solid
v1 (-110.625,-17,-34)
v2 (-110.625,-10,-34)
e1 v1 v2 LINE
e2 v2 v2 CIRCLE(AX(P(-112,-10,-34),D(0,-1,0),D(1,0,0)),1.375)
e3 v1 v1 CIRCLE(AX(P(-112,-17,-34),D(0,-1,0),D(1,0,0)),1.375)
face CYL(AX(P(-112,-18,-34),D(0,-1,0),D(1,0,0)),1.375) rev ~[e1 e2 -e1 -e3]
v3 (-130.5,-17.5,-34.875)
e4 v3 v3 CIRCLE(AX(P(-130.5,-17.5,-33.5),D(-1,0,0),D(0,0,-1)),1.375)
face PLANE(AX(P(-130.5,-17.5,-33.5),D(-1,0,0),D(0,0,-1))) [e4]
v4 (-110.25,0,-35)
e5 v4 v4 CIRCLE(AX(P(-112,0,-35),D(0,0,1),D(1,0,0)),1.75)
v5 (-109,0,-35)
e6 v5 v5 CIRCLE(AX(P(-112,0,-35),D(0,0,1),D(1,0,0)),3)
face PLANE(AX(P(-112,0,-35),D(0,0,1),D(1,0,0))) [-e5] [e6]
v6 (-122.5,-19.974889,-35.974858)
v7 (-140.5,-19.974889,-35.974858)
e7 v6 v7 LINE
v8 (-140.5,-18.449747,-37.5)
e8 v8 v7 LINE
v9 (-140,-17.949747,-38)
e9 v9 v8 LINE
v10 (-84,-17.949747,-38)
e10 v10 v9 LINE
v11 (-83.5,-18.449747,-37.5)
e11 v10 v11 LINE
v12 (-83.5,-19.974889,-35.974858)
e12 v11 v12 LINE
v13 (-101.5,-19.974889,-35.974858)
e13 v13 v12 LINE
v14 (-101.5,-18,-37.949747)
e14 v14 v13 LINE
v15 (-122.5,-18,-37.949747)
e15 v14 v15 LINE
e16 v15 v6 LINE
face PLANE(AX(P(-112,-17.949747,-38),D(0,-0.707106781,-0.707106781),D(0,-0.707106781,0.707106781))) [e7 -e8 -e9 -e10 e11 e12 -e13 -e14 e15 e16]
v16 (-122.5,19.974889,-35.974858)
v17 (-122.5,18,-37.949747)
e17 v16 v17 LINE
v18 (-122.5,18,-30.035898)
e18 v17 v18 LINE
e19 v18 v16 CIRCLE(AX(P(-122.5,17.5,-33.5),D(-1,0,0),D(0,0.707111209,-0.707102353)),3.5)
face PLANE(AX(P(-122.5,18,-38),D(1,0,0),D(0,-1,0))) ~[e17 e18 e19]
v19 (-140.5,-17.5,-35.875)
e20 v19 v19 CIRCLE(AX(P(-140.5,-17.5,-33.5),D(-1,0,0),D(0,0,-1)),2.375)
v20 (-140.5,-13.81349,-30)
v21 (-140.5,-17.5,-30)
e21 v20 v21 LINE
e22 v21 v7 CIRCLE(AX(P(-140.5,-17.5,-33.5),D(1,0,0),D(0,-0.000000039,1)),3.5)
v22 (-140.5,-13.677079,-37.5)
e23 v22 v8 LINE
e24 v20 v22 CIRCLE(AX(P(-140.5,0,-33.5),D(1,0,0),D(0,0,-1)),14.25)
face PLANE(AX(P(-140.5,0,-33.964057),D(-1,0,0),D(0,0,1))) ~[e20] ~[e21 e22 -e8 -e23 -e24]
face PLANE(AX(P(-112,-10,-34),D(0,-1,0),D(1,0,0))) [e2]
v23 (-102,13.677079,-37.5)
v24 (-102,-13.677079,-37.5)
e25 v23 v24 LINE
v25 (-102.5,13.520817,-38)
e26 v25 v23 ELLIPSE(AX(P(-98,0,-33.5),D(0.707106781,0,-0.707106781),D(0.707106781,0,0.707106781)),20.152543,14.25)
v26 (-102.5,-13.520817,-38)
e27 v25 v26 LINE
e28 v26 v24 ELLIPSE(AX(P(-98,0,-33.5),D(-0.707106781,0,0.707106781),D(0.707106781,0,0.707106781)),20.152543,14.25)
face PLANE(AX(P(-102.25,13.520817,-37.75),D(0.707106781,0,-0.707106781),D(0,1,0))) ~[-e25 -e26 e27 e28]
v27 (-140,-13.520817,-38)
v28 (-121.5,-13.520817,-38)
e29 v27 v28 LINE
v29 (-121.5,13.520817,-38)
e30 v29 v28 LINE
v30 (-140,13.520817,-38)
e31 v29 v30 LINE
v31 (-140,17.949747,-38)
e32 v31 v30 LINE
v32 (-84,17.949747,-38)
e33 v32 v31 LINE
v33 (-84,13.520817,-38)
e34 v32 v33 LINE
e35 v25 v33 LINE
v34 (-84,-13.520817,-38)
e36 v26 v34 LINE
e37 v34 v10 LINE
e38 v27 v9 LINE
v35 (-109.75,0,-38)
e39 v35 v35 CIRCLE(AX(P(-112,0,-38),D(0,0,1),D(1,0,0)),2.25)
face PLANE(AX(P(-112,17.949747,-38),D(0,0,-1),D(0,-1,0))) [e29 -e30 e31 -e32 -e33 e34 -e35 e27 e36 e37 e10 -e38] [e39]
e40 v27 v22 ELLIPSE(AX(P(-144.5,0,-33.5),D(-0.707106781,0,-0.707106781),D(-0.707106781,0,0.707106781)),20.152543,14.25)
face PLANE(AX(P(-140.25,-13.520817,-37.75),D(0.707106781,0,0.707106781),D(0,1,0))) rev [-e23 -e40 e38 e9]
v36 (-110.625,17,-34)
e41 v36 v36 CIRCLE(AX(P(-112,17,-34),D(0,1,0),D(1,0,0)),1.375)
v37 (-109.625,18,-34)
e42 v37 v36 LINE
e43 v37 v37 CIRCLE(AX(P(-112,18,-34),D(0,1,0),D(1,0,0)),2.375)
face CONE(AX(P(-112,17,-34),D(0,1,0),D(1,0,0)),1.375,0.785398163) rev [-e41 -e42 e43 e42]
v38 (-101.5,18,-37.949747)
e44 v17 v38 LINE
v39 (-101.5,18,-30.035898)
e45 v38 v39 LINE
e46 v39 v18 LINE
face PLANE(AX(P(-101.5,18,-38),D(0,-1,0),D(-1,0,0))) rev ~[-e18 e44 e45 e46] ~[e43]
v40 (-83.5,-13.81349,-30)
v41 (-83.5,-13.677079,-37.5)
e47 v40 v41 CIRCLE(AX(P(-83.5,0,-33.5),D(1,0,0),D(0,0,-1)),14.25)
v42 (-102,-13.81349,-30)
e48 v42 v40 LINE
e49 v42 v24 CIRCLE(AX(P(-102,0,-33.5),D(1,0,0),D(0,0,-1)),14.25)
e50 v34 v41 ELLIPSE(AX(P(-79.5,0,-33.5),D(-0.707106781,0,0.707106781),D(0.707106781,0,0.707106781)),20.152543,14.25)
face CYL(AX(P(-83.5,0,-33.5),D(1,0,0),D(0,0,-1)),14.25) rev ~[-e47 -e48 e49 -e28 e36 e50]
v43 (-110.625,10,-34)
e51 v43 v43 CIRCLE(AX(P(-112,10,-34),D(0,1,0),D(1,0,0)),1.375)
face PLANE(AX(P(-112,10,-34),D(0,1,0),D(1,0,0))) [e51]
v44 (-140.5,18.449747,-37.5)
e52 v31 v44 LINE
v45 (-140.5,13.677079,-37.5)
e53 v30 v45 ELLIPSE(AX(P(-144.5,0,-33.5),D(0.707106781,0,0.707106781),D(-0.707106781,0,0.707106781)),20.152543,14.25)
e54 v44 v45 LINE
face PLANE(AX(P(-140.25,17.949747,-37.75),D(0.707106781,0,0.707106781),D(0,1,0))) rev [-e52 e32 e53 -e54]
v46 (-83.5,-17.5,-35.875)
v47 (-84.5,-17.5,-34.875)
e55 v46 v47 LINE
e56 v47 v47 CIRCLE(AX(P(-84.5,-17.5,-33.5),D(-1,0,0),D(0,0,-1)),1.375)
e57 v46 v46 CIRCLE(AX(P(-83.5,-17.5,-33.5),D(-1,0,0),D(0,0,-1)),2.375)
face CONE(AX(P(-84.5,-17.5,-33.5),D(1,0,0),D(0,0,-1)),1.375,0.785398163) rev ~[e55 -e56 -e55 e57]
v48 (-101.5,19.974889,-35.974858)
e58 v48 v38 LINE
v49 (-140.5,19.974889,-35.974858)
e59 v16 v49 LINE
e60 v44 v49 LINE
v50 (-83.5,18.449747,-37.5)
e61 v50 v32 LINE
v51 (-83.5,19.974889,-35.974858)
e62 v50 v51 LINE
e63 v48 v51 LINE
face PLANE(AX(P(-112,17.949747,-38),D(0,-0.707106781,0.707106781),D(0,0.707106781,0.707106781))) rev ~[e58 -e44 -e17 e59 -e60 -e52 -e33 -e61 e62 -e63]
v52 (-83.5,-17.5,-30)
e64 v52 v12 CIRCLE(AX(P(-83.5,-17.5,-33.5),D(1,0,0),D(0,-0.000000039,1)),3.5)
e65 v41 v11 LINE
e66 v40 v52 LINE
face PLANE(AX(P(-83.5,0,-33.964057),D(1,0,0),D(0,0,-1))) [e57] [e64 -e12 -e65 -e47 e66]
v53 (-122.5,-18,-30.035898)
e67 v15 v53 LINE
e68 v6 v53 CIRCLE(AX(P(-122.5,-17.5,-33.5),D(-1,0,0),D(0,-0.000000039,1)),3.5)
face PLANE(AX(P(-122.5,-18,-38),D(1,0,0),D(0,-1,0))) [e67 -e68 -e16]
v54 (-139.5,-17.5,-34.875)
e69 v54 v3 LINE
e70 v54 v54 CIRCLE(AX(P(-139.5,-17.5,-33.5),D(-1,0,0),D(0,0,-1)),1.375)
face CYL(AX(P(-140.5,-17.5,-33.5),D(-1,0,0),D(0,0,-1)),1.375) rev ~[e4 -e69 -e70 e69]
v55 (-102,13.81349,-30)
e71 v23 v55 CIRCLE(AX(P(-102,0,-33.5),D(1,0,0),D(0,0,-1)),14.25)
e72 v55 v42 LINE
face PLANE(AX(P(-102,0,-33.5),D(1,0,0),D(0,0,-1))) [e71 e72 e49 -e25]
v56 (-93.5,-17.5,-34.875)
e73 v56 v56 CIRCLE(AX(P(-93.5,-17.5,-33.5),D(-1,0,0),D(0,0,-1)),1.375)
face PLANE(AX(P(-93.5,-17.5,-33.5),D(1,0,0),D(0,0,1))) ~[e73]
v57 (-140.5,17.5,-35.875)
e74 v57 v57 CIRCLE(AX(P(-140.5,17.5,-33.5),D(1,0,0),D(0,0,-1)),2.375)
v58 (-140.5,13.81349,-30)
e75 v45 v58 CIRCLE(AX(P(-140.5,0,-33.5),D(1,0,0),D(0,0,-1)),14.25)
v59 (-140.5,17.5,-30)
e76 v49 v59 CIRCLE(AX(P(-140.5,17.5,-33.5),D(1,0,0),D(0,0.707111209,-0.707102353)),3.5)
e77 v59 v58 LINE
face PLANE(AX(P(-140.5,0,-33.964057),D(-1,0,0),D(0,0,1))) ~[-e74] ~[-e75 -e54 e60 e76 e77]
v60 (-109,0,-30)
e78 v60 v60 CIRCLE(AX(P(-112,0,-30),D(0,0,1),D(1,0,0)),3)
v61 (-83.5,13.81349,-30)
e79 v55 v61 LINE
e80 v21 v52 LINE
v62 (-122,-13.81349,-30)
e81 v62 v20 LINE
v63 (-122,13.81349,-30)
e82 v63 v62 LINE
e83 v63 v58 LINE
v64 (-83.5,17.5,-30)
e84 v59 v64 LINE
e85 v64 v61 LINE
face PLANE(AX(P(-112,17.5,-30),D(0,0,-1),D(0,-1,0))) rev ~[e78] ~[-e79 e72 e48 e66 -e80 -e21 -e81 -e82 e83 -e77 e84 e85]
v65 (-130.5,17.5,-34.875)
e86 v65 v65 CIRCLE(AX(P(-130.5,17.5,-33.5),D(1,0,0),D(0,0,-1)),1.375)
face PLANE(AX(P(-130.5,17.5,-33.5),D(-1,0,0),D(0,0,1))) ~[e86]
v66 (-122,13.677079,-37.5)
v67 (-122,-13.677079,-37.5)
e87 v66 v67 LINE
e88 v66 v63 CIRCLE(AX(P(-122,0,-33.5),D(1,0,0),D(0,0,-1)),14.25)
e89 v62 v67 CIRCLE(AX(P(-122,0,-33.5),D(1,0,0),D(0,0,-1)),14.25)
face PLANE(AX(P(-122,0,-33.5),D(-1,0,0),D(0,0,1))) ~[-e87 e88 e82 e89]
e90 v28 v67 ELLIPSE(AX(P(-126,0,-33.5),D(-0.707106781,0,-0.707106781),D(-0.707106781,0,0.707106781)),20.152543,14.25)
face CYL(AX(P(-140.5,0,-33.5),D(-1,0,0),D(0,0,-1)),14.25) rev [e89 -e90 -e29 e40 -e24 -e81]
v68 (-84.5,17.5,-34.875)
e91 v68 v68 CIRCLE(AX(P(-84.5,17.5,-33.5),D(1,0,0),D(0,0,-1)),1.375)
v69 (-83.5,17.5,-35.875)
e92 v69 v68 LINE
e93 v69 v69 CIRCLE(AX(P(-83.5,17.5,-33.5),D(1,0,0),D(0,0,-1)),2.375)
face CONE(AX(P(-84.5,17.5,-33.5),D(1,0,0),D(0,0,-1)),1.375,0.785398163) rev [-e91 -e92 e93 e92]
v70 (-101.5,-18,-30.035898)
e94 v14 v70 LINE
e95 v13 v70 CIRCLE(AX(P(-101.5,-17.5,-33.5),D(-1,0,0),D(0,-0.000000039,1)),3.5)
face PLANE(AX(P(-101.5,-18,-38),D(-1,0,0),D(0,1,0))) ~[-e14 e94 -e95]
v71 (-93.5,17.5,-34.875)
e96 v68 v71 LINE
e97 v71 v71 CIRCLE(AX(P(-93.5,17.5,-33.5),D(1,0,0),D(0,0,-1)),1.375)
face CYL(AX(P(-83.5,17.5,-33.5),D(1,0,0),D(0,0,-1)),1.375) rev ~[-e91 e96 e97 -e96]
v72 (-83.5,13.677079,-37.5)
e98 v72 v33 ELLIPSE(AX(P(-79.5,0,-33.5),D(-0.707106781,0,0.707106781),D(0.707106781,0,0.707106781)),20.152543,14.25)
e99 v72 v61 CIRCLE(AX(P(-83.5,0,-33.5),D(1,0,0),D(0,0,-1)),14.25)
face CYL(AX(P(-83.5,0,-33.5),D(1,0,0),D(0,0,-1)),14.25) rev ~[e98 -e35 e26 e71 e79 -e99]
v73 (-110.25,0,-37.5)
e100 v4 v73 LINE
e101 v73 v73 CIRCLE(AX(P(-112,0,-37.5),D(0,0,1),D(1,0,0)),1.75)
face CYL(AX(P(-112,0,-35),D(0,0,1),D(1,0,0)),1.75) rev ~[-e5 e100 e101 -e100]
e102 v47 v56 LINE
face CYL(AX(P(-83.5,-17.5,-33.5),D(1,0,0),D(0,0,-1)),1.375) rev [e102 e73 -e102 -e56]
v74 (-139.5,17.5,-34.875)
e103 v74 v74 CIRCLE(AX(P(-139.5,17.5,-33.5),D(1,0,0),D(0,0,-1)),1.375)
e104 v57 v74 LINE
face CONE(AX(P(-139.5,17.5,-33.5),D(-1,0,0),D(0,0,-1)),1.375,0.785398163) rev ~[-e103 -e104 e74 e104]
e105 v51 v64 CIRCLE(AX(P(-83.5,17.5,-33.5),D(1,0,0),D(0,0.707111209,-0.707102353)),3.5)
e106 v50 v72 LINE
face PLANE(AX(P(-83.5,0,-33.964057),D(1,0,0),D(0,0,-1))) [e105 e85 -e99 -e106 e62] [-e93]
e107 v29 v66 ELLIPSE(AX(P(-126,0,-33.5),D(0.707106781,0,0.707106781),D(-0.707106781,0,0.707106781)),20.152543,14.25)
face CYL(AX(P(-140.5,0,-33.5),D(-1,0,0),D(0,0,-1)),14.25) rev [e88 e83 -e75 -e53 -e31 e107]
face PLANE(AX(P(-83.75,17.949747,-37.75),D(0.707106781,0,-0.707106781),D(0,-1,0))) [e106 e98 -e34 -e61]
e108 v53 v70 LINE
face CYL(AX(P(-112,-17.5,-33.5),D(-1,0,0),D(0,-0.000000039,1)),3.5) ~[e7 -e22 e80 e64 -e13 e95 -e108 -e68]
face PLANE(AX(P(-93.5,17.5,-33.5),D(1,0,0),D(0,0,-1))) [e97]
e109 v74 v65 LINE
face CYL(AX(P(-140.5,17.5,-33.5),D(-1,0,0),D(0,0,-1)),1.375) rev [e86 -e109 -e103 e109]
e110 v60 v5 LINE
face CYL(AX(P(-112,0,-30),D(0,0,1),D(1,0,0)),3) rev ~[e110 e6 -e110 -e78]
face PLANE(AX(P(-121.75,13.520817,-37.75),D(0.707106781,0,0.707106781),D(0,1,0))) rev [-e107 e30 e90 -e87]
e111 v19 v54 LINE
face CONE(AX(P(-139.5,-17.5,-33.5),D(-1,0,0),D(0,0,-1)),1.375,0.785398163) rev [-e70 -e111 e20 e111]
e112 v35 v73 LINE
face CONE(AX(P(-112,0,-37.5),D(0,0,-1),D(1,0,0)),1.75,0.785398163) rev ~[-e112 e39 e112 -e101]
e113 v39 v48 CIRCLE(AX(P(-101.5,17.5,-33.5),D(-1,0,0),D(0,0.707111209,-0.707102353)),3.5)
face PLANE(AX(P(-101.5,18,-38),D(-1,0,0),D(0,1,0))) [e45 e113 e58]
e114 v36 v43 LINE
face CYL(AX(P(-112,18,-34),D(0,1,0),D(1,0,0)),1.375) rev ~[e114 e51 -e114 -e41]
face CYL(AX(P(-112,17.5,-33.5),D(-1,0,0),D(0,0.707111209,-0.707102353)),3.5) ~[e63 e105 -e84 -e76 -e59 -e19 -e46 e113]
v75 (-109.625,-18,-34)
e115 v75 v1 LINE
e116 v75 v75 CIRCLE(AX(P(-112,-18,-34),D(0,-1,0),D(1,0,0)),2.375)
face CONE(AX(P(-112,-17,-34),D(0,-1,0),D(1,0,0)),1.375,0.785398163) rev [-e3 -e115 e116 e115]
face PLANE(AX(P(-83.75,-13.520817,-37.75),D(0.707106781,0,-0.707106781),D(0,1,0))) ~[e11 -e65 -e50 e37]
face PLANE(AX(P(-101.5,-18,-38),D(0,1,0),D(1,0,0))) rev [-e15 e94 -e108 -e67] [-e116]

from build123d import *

# Parameters (mm, degrees)
PAD001_DEPTH        = 28.5
SKETCH002_R         = 14.25
POCKET_DEPTH        = 18.5
SKETCH003_R         = 1.375
POCKET001_DEPTH     = 10
CHAMFER_SIZE        = 1
SKETCH004_W         = 10.5
SKETCH004_H         = 4
POCKET002_DEPTH     = 10
SKETCH008_R         = 3
POCKET004_DEPTH     = 5
SKETCH009_R         = 1.75
POCKET005_DEPTH     = 5
CHAMFER004_SIZE     = 0.5
SKETCH012_R         = 1.375
POCKET008_DEPTH     = 8
SKETCH013_R         = 1.375
POCKET009_DEPTH     = 8
CHAMFER005_SIZE     = 1
CLONE002_ROLL_ANGLE = -90


with BuildPart() as motorbracketgroovemirrored001:
    # Sketch001 → Pad001 (new body)
    with BuildSketch(Plane.YZ):
        with BuildLine():
            ThreePointArc((2.474858, 19.974889), (-1.339402, 20.733574), (-3.5, 17.5))
            Line((-3.5, 17.5), (-3.5, -17.5))
            ThreePointArc((-3.5, -17.5), (-1.339402, -20.733574), (2.474858, -19.974889))
            Line((4.5, -17.949747), (2.474858, -19.974889))
            Line((4.5, 17.949747), (4.5, -17.949747))
            Line((4.5, 17.949747), (2.474858, 19.974889))
        make_face()
    extrude(amount=PAD001_DEPTH)

    # Sketch002 → Pocket (cut)
    with BuildSketch(Plane.YZ.offset(28.5)):
        Circle(SKETCH002_R)
    extrude(amount=-POCKET_DEPTH, mode=Mode.SUBTRACT)

    # Sketch003 → Pocket001 (cut)
    with BuildSketch(Plane.YZ.offset(28.5)):
        with Locations((0, 17.5)):
            Circle(SKETCH003_R)
    pocket001 = extrude(amount=-POCKET001_DEPTH, mode=Mode.SUBTRACT)

    # Mirrored: Pocket001 across Sketch003 H_Axis
    add(pocket001.mirror(Plane(origin=(28.5, 0, 0), x_dir=(1, 0, 0), z_dir=(0, 0, 1))), mode=Mode.SUBTRACT)

    # Chamfer
    chamfer_edges = [motorbracketgroovemirrored001.edges().sort_by_distance(p)[0] for p in [
        (28.5, -1.375, 17.5),
        (28.5, -1.375, -17.5),
    ]]
    chamfer(chamfer_edges, length=CHAMFER_SIZE)

    # Sketch004 → Pocket002 (cut)
    with BuildSketch(Plane(origin=(0, 4.5, 0), x_dir=(-1, 0, 0), z_dir=(0, 1, 0))):
        with Locations((-5.25, 20)):
            Rectangle(SKETCH004_W, SKETCH004_H)
    pocket002 = extrude(amount=-POCKET002_DEPTH, mode=Mode.SUBTRACT)

    # Mirrored001: Pocket002 across Sketch004 H_Axis
    add(pocket002.mirror(Plane(origin=(0, 4.5, 0), x_dir=(0, 1, 0), z_dir=(0, 0, 1))), mode=Mode.SUBTRACT)


with BuildPart() as clone002:
    # Part__Mirroring: instance of MotorBracketGrooveMirrored001
    add(motorbracketgroovemirrored001.part.mirror(Plane(origin=(0, 0, 0), x_dir=(0, -1, 0), z_dir=(1, 0, 0))))

    # Fusion001: union MotorBracketGrooveMirrored001
    add(motorbracketgroovemirrored001.part)

    # Sketch008 → Pocket004 (cut)
    with BuildSketch(Plane.XZ.offset(3.5)):
        Circle(SKETCH008_R)
    extrude(amount=-POCKET004_DEPTH, mode=Mode.SUBTRACT)

    # Sketch009 → Pocket005 (cut)
    with BuildSketch(Plane.XZ.offset(-1.5)):
        Circle(SKETCH009_R)
    extrude(amount=-POCKET005_DEPTH, mode=Mode.SUBTRACT)

    # Chamfer004
    chamfer004_edges = [clone002.edges().sort_by_distance(p)[0] for p in [
        (10, 4.5, 0),
        (0, 4.5, 1.75),
        (-10, 4.5, 0),
        (-28.5, 4.5, -15.735282),
        (-28.5, 4.5, 15.735282),
        (28.5, 4.5, -15.735282),
        (28.5, 4.5, 15.735282),
    ]]
    chamfer(chamfer004_edges, length=CHAMFER004_SIZE)

    # Sketch012 → Pocket008 (cut)
    with BuildSketch(Plane.XY.offset(18)):
        with Locations((0, 0.5)):
            Circle(SKETCH012_R)
    extrude(amount=-POCKET008_DEPTH, mode=Mode.SUBTRACT)

    # Sketch013 → Pocket009 (cut)
    with BuildSketch(Plane(origin=(0, 0, -18), x_dir=(1, 0, 0), z_dir=(0, 0, -1))):
        with Locations((0, -0.5)):
            Circle(SKETCH013_R)
    extrude(amount=-POCKET009_DEPTH, mode=Mode.SUBTRACT)

    # Chamfer005
    chamfer005_edges = [clone002.edges().sort_by_distance(p)[0] for p in [
        (-1.375, 0.5, -18),
        (-1.375, 0.5, 18),
    ]]
    chamfer(chamfer005_edges, length=CHAMFER005_SIZE)


with BuildPart() as clone002_1:
    # Clone002 roll: moved
    add(clone002.part.rotate(Axis((0, 0, 0), (1, 0, 0)), CLONE002_ROLL_ANGLE))


with BuildPart() as clone002_2:
    # Clone002 placement: moved
    add(clone002_1.part.moved(Location((-112, 0, -33.5))))


solid = clone002_2.part
